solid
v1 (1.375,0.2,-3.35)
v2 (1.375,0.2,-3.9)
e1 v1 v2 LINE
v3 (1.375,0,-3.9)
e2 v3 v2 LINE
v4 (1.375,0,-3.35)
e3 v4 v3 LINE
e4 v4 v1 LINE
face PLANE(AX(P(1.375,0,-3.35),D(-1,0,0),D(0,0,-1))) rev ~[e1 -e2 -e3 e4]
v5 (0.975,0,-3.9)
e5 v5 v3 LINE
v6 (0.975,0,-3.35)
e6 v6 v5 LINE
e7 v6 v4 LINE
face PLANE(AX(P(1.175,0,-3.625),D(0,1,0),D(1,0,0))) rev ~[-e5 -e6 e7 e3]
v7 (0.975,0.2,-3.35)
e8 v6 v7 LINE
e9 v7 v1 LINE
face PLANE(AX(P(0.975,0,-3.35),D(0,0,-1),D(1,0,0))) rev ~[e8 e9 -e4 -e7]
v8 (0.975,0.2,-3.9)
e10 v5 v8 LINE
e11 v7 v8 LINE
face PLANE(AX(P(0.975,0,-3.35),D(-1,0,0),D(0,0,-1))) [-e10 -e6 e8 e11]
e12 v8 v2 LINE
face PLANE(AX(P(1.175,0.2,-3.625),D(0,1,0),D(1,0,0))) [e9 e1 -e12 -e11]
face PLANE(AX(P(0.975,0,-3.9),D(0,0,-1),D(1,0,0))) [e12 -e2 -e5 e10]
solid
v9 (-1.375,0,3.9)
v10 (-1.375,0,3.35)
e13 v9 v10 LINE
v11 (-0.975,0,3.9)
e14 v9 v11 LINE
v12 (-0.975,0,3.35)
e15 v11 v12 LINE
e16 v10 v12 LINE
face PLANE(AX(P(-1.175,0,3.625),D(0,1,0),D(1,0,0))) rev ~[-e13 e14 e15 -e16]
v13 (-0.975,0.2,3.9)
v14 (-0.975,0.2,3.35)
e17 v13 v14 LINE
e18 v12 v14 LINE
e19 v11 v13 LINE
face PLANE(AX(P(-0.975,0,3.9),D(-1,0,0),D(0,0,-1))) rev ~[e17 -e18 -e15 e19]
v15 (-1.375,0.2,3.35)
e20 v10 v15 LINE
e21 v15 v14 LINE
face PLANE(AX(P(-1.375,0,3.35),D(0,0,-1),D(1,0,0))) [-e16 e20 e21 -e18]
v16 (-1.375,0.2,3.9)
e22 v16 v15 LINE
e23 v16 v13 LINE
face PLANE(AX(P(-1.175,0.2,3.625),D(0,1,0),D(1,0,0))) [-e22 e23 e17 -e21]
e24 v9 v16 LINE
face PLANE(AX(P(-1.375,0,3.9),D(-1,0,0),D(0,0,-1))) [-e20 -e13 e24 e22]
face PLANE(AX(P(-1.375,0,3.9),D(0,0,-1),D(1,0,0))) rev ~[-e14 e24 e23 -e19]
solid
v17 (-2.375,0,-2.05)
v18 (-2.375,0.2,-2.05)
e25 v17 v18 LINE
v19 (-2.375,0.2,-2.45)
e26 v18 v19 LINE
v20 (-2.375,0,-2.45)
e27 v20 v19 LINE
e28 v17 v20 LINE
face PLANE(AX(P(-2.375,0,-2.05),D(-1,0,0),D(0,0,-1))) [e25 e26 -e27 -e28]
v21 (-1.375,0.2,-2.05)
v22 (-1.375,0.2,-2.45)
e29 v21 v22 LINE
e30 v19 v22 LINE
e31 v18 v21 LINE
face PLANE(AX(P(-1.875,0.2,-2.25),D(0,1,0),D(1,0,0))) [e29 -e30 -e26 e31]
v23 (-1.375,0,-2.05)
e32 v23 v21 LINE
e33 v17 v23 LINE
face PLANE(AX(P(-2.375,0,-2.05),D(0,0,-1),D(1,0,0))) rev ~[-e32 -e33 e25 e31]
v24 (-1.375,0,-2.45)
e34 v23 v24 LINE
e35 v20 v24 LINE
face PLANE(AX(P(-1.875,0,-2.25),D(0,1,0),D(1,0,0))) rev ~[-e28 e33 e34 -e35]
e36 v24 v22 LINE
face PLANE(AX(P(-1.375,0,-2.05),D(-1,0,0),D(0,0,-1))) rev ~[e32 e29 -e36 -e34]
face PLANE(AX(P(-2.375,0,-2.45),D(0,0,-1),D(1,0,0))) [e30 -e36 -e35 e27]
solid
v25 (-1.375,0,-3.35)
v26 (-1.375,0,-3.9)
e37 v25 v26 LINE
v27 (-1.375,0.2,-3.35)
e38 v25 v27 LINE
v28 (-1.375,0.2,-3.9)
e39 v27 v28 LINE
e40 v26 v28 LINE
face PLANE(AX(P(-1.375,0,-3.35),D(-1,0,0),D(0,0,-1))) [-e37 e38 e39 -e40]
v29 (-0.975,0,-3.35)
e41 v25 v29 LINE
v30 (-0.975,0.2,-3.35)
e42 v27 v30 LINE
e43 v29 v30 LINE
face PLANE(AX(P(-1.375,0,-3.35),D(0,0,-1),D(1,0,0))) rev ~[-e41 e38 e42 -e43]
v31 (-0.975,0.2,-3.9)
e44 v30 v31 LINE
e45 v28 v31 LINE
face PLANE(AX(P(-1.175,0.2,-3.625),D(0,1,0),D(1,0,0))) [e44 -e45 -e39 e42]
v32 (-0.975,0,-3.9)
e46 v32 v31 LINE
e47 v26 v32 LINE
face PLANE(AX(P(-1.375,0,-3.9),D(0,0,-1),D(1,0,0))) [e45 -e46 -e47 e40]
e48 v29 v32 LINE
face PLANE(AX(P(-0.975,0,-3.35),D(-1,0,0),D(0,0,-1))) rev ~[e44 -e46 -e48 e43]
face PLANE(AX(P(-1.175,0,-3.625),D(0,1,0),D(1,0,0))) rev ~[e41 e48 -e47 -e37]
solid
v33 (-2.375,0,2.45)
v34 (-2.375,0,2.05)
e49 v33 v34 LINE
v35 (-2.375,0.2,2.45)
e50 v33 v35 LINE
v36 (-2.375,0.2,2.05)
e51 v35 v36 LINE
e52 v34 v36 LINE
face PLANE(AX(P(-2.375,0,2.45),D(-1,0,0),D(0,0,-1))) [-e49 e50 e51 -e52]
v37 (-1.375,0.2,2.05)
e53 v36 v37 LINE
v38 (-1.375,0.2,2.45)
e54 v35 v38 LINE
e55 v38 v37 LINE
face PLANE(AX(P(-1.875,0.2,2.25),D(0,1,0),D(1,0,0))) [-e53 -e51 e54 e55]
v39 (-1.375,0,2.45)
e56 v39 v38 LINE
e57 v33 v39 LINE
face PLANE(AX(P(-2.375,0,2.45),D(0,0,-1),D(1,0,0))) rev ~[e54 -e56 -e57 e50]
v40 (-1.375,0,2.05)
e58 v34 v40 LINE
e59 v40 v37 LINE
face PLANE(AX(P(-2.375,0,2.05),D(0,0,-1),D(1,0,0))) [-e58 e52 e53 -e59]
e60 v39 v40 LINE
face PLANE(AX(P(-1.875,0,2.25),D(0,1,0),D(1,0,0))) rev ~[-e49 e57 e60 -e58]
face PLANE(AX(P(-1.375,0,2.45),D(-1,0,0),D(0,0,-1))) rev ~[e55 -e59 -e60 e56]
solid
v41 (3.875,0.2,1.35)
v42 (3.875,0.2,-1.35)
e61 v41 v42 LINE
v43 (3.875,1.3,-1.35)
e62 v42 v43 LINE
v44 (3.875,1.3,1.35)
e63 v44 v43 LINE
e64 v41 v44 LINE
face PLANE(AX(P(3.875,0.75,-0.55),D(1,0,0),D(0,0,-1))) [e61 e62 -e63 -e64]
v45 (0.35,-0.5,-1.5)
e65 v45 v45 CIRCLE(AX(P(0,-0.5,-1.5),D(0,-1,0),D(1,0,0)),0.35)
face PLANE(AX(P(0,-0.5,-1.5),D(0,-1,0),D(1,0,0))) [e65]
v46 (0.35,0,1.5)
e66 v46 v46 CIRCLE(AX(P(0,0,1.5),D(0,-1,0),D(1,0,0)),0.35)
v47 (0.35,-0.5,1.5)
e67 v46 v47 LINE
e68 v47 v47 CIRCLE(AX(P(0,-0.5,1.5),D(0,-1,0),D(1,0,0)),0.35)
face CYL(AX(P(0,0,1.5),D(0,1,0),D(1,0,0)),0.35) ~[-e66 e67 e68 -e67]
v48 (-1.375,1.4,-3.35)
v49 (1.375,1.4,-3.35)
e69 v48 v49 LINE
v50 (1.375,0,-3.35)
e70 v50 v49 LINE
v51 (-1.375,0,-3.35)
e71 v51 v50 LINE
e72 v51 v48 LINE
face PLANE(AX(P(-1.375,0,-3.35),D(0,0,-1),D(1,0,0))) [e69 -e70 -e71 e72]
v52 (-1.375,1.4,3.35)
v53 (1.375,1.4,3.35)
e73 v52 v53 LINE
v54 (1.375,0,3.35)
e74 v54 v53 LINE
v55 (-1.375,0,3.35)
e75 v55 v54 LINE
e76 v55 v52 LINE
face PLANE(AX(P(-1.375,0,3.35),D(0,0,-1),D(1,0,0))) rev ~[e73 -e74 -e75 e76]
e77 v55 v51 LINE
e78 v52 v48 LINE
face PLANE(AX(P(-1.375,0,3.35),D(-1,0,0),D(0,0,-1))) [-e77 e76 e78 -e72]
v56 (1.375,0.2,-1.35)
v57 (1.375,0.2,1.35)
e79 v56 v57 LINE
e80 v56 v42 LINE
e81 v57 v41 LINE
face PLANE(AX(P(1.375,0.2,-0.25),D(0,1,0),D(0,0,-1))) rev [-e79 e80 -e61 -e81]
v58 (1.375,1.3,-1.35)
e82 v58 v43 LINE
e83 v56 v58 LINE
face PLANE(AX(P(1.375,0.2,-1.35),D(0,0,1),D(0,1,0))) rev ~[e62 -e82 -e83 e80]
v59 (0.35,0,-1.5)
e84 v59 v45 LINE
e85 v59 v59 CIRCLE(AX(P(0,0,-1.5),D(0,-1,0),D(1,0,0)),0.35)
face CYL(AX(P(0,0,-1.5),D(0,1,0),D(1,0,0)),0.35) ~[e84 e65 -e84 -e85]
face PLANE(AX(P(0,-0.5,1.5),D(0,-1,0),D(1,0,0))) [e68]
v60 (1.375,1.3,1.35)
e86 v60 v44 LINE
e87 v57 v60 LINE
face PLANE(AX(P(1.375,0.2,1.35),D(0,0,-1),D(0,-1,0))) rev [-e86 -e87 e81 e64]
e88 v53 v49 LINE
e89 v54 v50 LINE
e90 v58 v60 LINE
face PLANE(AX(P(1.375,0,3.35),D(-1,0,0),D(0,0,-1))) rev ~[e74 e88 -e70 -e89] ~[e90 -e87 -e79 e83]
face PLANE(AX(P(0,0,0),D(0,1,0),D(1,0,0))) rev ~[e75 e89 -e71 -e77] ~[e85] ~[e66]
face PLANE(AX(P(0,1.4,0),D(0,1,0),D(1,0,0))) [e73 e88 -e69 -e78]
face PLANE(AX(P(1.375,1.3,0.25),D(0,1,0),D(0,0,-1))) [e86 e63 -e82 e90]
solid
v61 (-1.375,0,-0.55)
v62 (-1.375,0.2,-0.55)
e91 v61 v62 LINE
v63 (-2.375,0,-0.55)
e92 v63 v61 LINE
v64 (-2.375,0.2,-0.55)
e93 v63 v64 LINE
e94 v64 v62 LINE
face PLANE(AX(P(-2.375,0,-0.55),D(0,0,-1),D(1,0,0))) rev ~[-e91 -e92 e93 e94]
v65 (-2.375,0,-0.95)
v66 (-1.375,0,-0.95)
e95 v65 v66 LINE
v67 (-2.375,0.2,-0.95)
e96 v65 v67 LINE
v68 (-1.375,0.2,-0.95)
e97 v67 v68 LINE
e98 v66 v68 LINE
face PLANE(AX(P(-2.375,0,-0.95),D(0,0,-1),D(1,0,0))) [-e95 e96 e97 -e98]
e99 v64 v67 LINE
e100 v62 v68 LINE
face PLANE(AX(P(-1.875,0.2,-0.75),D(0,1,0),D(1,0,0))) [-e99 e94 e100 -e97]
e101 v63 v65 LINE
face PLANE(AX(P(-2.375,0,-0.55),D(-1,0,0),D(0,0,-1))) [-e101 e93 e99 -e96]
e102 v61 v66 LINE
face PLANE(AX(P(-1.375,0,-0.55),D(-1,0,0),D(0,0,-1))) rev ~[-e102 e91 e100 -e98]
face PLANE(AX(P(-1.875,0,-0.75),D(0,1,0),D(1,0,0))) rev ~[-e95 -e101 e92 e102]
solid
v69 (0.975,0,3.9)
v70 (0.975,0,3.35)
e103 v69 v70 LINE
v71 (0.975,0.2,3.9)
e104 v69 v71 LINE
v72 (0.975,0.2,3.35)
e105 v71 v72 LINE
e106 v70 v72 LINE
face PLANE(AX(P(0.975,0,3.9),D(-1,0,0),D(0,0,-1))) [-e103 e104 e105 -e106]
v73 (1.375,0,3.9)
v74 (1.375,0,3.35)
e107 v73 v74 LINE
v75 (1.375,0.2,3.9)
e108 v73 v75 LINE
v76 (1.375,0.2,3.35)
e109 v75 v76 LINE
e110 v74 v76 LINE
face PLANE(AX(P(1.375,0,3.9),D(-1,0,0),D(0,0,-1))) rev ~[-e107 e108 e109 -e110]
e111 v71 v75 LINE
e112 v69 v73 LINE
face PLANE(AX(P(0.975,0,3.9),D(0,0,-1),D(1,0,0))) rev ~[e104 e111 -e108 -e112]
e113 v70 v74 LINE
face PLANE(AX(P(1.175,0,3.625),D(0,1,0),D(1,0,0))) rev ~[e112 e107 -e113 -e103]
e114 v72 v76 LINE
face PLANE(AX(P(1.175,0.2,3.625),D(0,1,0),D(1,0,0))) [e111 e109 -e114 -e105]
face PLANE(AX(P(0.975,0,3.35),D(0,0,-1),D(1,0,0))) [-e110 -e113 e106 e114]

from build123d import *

# Parameters (mm, degrees)
SKETCH_1_W        = 2.75
SKETCH_1_H        = 6.7
EXTRUDE_1_DEPTH   = 1.4
SKETCH_2_R        = 0.35
EXTRUDE_2_DEPTH   = 0.5
SKETCH_4_W        = 1
SKETCH_4_H        = 0.4
EXTRUDE_4_DEPTH   = 0.2
EXTRUDE_4_2_DEPTH = 0.2
EXTRUDE_4_3_DEPTH = 0.2
SKETCH_4_W_2      = 0.4
SKETCH_4_H_2      = 0.55
EXTRUDE_4_4_DEPTH = 0.2
EXTRUDE_4_5_DEPTH = 0.2
EXTRUDE_4_6_DEPTH = 0.2
EXTRUDE_4_7_DEPTH = 0.2
SKETCH_3_W        = 1.6
SKETCH_3_H        = 1.1
EXTRUDE_3_DEPTH   = 2.5


with BuildPart() as part:
    # 草图1 → 凸台-拉伸1 (new body)
    with BuildSketch(Plane(origin=(0, 0, 0), x_dir=(1, 0, 0), z_dir=(0, 1, 0))):
        Rectangle(SKETCH_1_W, SKETCH_1_H)
    extrude(amount=EXTRUDE_1_DEPTH)

    # 草图2 → 凸台-拉伸2 (add)
    with BuildSketch(Plane.XZ):
        with Locations((0, 1.5)):
            Circle(SKETCH_2_R)
        with Locations((0, -1.5)):
            Circle(SKETCH_2_R)
    extrude(amount=EXTRUDE_2_DEPTH)

    # 草图3 → 凸台-拉伸3 (add)
    with BuildSketch(Plane(origin=(1.375, 0, 0), x_dir=(0, 0, -1), z_dir=(1, 0, 0))):
        with Locations((0.55, 0.75)):
            Rectangle(SKETCH_3_W, SKETCH_3_H)
    extrude_3 = extrude(amount=EXTRUDE_3_DEPTH)

    # 镜向1: 凸台-拉伸3 across plane
    add(extrude_3.mirror(Plane.XY))


with BuildPart() as body_2:
    # 草图4 → 凸台-拉伸4 (new body)
    with BuildSketch(Plane(origin=(0, 0, 0), x_dir=(1, 0, 0), z_dir=(0, 1, 0))):
        with Locations((-1.875, 2.25)):
            Rectangle(SKETCH_4_W, SKETCH_4_H)
    extrude(amount=EXTRUDE_4_DEPTH)


with BuildPart() as body_3:
    # 草图4 → Extrude 4 2 (new body)
    with BuildSketch(Plane(origin=(0, 0, 0), x_dir=(1, 0, 0), z_dir=(0, 1, 0))):
        with Locations((-1.875, -2.25)):
            Rectangle(SKETCH_4_W, SKETCH_4_H)
    extrude(amount=EXTRUDE_4_2_DEPTH)


with BuildPart() as body_4:
    # 草图4 → Extrude 4 3 (new body)
    with BuildSketch(Plane(origin=(0, 0, 0), x_dir=(1, 0, 0), z_dir=(0, 1, 0))):
        with Locations((-1.875, 0.75)):
            Rectangle(SKETCH_4_W, SKETCH_4_H)
    extrude(amount=EXTRUDE_4_3_DEPTH)


with BuildPart() as body_5:
    # 草图4 → Extrude 4 4 (new body)
    with BuildSketch(Plane(origin=(0, 0, 0), x_dir=(1, 0, 0), z_dir=(0, 1, 0))):
        with Locations((-1.175, 3.625)):
            Rectangle(SKETCH_4_W_2, SKETCH_4_H_2)
    extrude(amount=EXTRUDE_4_4_DEPTH)


with BuildPart() as body_6:
    # 草图4 → Extrude 4 5 (new body)
    with BuildSketch(Plane(origin=(0, 0, 0), x_dir=(1, 0, 0), z_dir=(0, 1, 0))):
        with Locations((1.175, 3.625)):
            Rectangle(SKETCH_4_W_2, SKETCH_4_H_2)
    extrude(amount=EXTRUDE_4_5_DEPTH)


with BuildPart() as body_7:
    # 草图4 → Extrude 4 6 (new body)
    with BuildSketch(Plane(origin=(0, 0, 0), x_dir=(1, 0, 0), z_dir=(0, 1, 0))):
        with Locations((-1.175, -3.625)):
            Rectangle(SKETCH_4_W_2, SKETCH_4_H_2)
    extrude(amount=EXTRUDE_4_6_DEPTH)


with BuildPart() as body_8:
    # 草图4 → Extrude 4 7 (new body)
    with BuildSketch(Plane(origin=(0, 0, 0), x_dir=(1, 0, 0), z_dir=(0, 1, 0))):
        with Locations((1.175, -3.625)):
            Rectangle(SKETCH_4_W_2, SKETCH_4_H_2)
    extrude(amount=EXTRUDE_4_7_DEPTH)


solid = Compound([part.part, body_2.part, body_3.part, body_4.part, body_5.part, body_6.part, body_7.part, body_8.part])
